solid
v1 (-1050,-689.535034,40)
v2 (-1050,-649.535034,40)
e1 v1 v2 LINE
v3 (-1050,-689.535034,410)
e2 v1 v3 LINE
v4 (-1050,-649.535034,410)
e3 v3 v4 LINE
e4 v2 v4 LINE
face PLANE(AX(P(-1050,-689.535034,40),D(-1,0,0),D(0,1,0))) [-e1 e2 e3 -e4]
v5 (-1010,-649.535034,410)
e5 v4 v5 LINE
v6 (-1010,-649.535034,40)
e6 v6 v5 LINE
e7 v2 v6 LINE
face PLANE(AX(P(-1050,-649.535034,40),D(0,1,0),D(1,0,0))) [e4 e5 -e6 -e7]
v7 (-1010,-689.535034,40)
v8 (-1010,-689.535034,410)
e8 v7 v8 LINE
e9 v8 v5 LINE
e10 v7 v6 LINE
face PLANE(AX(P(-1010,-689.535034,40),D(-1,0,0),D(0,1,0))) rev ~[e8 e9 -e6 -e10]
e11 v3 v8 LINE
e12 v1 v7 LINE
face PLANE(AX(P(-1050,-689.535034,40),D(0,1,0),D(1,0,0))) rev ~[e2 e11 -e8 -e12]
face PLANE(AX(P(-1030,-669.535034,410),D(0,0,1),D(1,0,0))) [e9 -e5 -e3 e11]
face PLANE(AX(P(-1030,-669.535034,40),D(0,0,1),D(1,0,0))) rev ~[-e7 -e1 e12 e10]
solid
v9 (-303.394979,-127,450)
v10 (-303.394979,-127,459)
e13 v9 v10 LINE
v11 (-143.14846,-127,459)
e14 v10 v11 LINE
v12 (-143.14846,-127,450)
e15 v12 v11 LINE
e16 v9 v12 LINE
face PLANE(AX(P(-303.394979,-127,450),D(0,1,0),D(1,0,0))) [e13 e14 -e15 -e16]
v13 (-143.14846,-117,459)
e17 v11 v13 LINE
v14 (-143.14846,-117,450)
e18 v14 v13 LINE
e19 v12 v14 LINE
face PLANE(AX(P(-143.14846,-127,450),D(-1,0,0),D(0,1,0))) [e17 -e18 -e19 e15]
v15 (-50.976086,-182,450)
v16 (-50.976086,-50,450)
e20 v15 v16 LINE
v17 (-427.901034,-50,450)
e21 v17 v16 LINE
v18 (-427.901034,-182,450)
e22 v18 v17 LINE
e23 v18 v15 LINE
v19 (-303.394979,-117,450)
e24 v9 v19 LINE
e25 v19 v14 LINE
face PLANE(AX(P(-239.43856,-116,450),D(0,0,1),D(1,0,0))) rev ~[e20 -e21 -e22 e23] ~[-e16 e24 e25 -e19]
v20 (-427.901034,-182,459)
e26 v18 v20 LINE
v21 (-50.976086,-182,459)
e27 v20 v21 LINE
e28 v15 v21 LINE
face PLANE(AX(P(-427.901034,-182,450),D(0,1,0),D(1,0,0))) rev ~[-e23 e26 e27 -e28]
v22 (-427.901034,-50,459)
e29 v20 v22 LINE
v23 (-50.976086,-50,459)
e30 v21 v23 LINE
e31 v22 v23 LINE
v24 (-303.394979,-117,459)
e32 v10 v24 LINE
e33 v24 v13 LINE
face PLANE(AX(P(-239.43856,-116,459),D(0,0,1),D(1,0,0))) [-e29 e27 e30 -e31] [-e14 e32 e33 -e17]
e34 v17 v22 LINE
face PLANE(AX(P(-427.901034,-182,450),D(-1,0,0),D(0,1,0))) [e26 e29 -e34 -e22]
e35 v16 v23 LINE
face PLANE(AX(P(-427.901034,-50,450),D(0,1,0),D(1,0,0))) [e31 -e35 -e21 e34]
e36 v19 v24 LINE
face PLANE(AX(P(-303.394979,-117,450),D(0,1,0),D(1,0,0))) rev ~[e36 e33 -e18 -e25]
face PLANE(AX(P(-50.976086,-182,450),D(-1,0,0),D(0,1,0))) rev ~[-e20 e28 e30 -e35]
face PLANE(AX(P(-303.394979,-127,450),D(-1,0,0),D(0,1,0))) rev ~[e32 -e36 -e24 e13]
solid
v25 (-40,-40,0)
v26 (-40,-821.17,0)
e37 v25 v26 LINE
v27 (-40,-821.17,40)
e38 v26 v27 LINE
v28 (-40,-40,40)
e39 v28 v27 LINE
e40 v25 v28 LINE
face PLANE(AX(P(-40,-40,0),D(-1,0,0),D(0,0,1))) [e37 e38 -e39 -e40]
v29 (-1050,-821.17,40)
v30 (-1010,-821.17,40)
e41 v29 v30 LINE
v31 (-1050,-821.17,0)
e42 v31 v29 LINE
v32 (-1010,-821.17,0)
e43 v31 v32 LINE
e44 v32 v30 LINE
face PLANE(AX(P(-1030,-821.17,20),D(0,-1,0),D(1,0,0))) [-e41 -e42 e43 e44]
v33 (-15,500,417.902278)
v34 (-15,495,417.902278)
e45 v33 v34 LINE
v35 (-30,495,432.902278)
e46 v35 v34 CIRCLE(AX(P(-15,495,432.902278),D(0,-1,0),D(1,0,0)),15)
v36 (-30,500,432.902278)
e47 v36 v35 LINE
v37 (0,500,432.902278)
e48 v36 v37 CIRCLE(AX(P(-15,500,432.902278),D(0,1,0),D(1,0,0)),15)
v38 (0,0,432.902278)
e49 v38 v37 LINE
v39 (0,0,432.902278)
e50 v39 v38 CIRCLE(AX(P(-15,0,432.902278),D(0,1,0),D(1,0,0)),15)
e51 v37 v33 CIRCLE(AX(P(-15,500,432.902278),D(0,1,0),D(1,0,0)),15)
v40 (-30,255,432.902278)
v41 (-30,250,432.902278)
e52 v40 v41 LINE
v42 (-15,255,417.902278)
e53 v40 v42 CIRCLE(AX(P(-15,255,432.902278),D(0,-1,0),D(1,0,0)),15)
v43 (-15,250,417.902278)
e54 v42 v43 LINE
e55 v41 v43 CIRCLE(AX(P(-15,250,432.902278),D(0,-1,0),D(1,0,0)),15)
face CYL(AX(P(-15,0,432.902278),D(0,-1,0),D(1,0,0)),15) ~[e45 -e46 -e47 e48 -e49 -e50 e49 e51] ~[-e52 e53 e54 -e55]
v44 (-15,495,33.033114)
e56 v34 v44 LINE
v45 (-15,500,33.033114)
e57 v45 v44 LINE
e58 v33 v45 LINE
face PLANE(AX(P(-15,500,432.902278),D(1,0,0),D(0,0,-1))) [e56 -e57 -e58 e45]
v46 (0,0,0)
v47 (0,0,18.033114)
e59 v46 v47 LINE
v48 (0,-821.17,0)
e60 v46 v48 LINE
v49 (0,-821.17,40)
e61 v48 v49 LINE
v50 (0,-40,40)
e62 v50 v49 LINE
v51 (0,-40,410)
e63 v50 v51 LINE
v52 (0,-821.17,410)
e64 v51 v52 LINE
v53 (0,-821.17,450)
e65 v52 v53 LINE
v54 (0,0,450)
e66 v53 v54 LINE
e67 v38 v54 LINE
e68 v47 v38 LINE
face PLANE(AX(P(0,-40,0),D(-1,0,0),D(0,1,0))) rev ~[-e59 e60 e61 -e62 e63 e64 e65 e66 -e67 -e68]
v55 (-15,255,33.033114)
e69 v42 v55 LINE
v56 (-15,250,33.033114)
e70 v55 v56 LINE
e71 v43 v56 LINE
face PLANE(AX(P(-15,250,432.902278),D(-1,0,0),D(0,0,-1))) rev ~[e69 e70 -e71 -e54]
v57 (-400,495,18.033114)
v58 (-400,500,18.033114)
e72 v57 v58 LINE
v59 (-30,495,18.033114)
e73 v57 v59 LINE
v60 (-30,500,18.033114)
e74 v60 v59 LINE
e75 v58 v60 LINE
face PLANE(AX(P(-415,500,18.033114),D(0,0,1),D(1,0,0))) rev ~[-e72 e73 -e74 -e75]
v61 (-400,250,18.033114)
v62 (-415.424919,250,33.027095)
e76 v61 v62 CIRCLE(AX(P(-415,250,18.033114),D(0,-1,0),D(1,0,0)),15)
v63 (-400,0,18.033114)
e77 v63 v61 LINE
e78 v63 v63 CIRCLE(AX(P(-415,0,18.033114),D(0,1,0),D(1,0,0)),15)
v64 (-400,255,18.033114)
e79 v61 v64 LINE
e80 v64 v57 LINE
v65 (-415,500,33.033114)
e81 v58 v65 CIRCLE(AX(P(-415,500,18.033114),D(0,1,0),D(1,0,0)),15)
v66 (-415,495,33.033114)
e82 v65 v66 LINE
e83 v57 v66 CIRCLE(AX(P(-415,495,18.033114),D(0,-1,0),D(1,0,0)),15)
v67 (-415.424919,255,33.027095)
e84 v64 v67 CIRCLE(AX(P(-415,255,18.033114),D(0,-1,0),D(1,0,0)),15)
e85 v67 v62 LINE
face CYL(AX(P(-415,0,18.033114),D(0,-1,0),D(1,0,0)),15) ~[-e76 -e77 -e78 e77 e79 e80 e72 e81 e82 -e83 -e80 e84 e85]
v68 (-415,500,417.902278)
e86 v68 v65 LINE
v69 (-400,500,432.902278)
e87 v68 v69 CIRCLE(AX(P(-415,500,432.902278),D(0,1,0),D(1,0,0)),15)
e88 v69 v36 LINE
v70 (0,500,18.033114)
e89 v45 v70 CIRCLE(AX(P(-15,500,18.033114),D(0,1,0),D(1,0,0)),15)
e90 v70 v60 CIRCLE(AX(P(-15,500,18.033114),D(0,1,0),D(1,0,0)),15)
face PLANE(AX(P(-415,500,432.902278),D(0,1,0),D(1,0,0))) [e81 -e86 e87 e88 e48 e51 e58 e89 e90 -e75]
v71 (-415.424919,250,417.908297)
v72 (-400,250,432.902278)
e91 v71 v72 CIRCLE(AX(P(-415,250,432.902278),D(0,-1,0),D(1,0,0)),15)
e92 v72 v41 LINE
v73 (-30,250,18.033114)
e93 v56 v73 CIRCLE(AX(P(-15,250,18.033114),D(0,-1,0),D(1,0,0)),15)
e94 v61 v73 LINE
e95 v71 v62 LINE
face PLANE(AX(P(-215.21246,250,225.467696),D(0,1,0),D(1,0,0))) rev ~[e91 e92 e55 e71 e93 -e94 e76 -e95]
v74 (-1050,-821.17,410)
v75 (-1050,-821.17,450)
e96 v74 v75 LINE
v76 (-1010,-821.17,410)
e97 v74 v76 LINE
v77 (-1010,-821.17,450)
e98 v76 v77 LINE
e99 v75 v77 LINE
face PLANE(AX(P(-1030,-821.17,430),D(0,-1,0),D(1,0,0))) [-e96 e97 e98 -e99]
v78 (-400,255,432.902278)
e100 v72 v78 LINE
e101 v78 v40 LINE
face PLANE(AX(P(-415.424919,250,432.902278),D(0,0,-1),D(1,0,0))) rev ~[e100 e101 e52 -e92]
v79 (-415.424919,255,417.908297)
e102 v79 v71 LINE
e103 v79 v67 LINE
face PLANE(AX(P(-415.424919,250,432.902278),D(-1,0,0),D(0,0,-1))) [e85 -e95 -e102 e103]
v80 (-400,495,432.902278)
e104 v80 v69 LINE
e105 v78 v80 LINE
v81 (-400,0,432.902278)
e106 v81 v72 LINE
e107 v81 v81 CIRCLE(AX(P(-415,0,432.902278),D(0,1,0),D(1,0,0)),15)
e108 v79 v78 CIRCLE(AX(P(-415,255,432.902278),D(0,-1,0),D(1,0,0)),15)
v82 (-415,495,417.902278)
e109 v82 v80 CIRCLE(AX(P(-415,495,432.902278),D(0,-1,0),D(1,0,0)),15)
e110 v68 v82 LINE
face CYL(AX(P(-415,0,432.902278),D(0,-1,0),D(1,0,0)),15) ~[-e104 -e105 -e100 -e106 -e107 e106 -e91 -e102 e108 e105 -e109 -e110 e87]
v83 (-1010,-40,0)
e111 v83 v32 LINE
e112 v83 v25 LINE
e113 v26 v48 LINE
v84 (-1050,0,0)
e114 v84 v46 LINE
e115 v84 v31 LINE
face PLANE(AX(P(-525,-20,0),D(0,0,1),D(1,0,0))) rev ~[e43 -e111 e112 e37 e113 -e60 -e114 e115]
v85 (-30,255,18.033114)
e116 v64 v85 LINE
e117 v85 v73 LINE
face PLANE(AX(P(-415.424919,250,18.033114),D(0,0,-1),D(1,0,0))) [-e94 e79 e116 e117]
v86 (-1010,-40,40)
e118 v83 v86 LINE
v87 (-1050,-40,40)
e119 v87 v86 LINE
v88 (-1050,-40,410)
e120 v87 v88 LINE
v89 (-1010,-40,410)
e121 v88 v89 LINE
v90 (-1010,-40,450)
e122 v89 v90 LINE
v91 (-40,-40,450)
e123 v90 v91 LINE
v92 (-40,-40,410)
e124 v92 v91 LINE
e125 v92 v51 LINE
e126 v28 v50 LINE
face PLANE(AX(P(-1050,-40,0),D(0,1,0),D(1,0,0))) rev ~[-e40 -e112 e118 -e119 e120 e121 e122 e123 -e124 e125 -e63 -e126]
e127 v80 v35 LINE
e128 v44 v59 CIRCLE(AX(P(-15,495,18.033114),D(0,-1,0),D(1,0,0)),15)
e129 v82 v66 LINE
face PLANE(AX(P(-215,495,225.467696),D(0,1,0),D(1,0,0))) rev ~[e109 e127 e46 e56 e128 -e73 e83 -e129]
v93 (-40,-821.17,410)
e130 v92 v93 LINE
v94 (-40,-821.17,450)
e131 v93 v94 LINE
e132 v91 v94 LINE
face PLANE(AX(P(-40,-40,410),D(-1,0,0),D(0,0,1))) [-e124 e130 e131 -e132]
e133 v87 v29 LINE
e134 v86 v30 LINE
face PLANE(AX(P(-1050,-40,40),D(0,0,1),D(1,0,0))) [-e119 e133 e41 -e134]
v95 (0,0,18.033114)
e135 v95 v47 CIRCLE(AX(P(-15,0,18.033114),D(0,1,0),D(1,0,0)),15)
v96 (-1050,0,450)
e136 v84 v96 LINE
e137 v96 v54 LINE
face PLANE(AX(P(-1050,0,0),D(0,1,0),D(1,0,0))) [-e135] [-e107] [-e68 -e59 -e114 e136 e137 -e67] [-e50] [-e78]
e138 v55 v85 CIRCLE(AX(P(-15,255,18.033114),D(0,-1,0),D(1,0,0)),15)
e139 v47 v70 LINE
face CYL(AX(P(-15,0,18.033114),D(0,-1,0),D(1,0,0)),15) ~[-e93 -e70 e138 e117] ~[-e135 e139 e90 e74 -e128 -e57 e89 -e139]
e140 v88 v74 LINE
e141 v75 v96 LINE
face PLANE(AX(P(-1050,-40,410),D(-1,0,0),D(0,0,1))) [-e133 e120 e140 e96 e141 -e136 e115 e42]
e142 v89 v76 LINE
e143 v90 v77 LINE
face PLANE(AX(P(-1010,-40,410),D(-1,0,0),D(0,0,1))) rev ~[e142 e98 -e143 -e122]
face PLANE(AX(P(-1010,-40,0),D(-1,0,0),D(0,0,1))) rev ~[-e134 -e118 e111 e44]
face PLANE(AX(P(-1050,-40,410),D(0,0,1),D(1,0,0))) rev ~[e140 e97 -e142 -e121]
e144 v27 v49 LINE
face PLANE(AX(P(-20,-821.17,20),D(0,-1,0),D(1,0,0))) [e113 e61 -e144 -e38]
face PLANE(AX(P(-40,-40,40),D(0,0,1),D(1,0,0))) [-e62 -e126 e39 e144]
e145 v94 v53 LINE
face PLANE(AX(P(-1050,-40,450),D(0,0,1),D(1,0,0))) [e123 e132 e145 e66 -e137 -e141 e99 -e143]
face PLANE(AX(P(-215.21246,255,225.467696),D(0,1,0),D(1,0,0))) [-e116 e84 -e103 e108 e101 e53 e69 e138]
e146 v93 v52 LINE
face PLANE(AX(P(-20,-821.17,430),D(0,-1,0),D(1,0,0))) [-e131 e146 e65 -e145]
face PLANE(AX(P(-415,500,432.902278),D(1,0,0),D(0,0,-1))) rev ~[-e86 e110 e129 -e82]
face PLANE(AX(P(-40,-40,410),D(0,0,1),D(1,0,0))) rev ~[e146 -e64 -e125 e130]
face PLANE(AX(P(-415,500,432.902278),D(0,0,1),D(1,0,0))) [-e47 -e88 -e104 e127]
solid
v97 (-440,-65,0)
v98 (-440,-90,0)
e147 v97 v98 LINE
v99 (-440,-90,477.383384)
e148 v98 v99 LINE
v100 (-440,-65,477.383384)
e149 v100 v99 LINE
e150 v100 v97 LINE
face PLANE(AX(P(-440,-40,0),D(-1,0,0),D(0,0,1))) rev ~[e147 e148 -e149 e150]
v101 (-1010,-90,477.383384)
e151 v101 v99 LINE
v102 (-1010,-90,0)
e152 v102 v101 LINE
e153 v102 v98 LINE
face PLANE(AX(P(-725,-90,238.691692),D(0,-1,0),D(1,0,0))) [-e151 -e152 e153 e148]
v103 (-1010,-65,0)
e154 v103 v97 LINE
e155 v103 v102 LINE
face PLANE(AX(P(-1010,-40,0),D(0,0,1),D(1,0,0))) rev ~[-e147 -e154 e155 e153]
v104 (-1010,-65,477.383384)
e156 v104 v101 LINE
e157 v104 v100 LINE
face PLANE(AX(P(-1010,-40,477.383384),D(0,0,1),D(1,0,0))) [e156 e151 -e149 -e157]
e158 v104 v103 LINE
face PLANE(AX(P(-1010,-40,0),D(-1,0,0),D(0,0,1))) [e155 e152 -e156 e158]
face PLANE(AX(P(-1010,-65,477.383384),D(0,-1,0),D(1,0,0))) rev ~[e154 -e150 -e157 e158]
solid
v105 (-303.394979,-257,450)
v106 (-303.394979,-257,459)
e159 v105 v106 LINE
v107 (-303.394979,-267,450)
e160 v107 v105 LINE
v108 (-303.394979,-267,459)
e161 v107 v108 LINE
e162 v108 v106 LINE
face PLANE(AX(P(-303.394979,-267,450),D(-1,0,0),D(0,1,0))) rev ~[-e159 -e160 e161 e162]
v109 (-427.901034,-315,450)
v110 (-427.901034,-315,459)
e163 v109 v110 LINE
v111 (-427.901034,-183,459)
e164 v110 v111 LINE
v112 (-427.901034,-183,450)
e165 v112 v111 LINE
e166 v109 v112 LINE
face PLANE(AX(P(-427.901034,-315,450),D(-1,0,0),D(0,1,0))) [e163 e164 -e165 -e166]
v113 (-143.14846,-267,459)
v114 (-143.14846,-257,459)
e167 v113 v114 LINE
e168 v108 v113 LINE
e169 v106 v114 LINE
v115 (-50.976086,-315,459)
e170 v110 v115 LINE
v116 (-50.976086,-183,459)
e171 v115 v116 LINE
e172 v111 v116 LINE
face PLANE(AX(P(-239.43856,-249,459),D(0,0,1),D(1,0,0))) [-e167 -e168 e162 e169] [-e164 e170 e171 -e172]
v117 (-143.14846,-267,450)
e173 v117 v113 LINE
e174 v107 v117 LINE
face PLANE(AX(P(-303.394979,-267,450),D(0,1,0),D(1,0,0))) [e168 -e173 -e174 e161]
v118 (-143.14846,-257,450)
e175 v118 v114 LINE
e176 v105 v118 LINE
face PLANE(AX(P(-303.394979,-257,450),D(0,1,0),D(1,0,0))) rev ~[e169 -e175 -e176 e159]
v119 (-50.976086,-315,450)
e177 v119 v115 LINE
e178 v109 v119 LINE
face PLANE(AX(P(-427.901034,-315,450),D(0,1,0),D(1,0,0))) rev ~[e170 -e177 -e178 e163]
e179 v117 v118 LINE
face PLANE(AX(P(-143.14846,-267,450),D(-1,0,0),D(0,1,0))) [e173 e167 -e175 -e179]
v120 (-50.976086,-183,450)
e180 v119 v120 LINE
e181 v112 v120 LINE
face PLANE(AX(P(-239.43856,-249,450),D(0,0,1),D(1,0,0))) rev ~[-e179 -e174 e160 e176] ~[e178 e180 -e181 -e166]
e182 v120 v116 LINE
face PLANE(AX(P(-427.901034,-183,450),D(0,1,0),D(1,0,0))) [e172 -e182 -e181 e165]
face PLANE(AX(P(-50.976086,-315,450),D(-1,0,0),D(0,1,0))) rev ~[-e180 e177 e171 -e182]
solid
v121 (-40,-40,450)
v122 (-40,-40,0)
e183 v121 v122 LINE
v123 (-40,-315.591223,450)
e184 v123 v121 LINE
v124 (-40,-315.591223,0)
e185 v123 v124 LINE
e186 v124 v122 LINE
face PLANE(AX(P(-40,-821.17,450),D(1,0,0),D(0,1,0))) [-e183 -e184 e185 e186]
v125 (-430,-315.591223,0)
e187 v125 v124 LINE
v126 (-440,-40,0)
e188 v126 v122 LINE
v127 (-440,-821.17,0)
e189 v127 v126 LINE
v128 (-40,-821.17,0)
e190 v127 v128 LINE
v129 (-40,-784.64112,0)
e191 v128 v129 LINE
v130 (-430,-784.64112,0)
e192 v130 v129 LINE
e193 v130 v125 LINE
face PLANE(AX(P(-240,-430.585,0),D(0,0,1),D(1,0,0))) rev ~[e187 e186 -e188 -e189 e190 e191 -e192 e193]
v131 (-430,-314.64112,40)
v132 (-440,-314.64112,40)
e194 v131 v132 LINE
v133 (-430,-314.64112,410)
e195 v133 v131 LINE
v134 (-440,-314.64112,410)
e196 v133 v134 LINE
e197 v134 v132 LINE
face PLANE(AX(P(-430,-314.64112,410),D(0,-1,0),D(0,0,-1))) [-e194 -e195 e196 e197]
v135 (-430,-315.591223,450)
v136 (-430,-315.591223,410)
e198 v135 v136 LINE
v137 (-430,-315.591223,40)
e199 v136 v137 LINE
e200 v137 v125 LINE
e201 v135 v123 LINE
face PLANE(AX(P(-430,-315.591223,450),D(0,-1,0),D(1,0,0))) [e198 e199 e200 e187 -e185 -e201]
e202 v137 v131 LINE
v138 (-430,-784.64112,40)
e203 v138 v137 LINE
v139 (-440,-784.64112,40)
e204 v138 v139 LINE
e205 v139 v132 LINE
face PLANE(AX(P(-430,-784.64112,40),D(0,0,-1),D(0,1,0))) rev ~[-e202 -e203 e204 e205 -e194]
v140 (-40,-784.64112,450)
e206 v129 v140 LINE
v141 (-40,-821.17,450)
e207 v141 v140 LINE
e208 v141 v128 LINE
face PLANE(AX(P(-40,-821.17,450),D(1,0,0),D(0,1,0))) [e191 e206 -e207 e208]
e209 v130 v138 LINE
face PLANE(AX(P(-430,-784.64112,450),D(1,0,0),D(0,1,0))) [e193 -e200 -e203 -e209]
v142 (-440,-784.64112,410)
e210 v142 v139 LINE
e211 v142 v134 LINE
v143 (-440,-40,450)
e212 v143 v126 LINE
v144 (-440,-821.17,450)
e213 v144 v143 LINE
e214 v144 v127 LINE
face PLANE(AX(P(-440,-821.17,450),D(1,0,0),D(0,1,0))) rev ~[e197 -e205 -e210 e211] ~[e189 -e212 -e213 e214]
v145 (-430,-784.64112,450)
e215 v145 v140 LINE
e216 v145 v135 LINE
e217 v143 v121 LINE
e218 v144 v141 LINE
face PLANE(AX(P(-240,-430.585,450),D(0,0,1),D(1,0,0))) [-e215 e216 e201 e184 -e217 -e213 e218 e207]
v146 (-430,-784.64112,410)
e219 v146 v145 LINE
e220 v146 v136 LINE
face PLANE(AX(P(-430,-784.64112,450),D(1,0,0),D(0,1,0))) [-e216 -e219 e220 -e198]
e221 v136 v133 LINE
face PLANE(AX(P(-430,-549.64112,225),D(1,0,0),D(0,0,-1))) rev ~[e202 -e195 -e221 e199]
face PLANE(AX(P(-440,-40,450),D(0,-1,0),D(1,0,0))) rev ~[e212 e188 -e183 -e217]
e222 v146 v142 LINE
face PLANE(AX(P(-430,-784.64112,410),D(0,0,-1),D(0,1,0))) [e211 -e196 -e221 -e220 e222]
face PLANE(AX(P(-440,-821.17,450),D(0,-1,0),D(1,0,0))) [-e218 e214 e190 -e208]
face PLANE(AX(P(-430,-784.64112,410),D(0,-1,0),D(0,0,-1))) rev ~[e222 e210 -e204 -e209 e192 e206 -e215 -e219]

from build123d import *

# Parameters (mm, degrees)
SKETCH1_W               = 1050
SKETCH1_H               = 40
BOSS_EXTRUDE1_DEPTH     = 450
SKETCH2_W               = 40
SKETCH2_H               = 40
BOSS_EXTRUDE2_DEPTH     = 781.17
SKETCH3_W               = 400
SKETCH3_H               = 781.17
BOSS_EXTRUDE3_DEPTH     = 450
SKETCH4_W               = 570
SKETCH4_H               = 477.383383723
BOSS_EXTRUDE4_DEPTH     = 50
SKETCH5_W               = 376.924947462
SKETCH5_H               = 132
SKETCH5_W_2             = 160.246518918
SKETCH5_H_2             = 10
BOSS_EXTRUDE5_DEPTH     = 9
BOSS_EXTRUDE5_2_DEPTH   = 9
BOSS_EXTRUDE5_3_DEPTH   = 9
SKETCH6_W               = 390
SKETCH6_H               = 469.049896927
CUT_EXTRUDE1_DEPTH      = 358
CUT_EXTRUDE1_DEPTH_BACK = 451
SKETCH7_W               = 370
SKETCH7_H               = 470
CUT_EXTRUDE2_DEPTH      = 10
SKETCH8_W               = 40
SKETCH8_H               = 40
BOSS_EXTRUDE6_DEPTH     = 370
SKETCH9_W               = 570
SKETCH9_H               = 25
CUT_EXTRUDE3_DEPTH      = 478.383383723
SKETCH10_R              = 15
BOSS_EXTRUDE7_DEPTH     = 500
SKETCH11_W              = 400
SKETCH11_H              = 414.869163102
BOSS_EXTRUDE8_DEPTH     = 5
SKETCH12_W              = 400.424919487
SKETCH12_H              = 414.869163102
BOSS_EXTRUDE9_DEPTH     = 5


with BuildPart() as part:
    # Sketch1 → Boss-Extrude1 (new body)
    with BuildSketch(Plane.XY):
        with Locations((-525, -20)):
            Rectangle(SKETCH1_W, SKETCH1_H)
    extrude(amount=BOSS_EXTRUDE1_DEPTH)

    # Sketch2 → Boss-Extrude2 (add)
    with BuildSketch(Plane.XZ.offset(40)):
        with Locations((-1030, 430)):
            Rectangle(SKETCH2_W, SKETCH2_H)
        with Locations((-1030, 20)):
            Rectangle(SKETCH2_W, SKETCH2_H)
        with Locations((-20, 20)):
            Rectangle(SKETCH2_W, SKETCH2_H)
        with Locations((-20, 430)):
            Rectangle(SKETCH2_W, SKETCH2_H)
    extrude(amount=BOSS_EXTRUDE2_DEPTH)

    # Sketch10 → Boss-Extrude7 (add)
    with BuildSketch(Plane(origin=(0, 0, 0), x_dir=(1, 0, 0), z_dir=(0, 1, 0))):
        with Locations((-15, -432.902277584)):
            Circle(SKETCH10_R)
        with Locations((-15, -18.033114482)):
            Circle(SKETCH10_R)
        with Locations((-415, -432.902277584)):
            Circle(SKETCH10_R)
        with Locations((-415, -18.033114482)):
            Circle(SKETCH10_R)
    extrude(amount=BOSS_EXTRUDE7_DEPTH)

    # Sketch11 → Boss-Extrude8 (add)
    with BuildSketch(Plane(origin=(0, 500, 0), x_dir=(1, 0, 0), z_dir=(0, 1, 0))):
        with Locations((-215, -225.467696033)):
            Rectangle(SKETCH11_W, SKETCH11_H)
    extrude(amount=-BOSS_EXTRUDE8_DEPTH)

    # Sketch12 → Boss-Extrude9 (add)
    with BuildSketch(Plane(origin=(0, 250, 0), x_dir=(1, 0, 0), z_dir=(0, 1, 0))):
        with Locations((-215.212459744, -225.467696033)):
            Rectangle(SKETCH12_W, SKETCH12_H)
    extrude(amount=BOSS_EXTRUDE9_DEPTH)


with BuildPart() as body_2:
    # Sketch3 → Boss-Extrude3 (new body)
    with BuildSketch(Plane.XY.offset(450)):
        with Locations((-240, -430.585)):
            Rectangle(SKETCH3_W, SKETCH3_H)
    extrude(amount=-BOSS_EXTRUDE3_DEPTH)


with BuildPart() as body_3:
    # Sketch4 → Boss-Extrude4 (new body)
    with BuildSketch(Plane.XZ.offset(40)):
        with Locations((-725, 238.691691862)):
            Rectangle(SKETCH4_W, SKETCH4_H)
    extrude(amount=BOSS_EXTRUDE4_DEPTH)

    # Sketch9 → Cut-Extrude3 (cut, through all)
    with BuildSketch(Plane.XY.offset(477.383383723)):
        with Locations((-725, -52.5)):
            Rectangle(SKETCH9_W, SKETCH9_H)
    extrude(amount=-CUT_EXTRUDE3_DEPTH, mode=Mode.SUBTRACT)


with BuildPart() as body_4:
    # Sketch5 → Boss-Extrude5 (new body)
    with BuildSketch(Plane.XY.offset(450)):
        with Locations((-239.438560154, -382)):
            Rectangle(SKETCH5_W, SKETCH5_H)
        with Locations((-223.271719618, -402)):
            Rectangle(SKETCH5_W_2, SKETCH5_H_2, mode=Mode.SUBTRACT)
    extrude(amount=BOSS_EXTRUDE5_DEPTH)


with BuildPart() as body_5:
    # Sketch5 → Boss-Extrude5 2 (new body)
    with BuildSketch(Plane.XY.offset(450)):
        with Locations((-239.438560154, -249)):
            Rectangle(SKETCH5_W, SKETCH5_H)
        with Locations((-223.271719618, -262)):
            Rectangle(SKETCH5_W_2, SKETCH5_H_2, mode=Mode.SUBTRACT)
    extrude(amount=BOSS_EXTRUDE5_2_DEPTH)


with BuildPart() as body_6:
    # Sketch5 → Boss-Extrude5 3 (new body)
    with BuildSketch(Plane.XY.offset(450)):
        with Locations((-239.438560154, -116)):
            Rectangle(SKETCH5_W, SKETCH5_H)
        with Locations((-223.271719618, -122)):
            Rectangle(SKETCH5_W_2, SKETCH5_H_2, mode=Mode.SUBTRACT)
    extrude(amount=BOSS_EXTRUDE5_3_DEPTH)


with BuildPart() as cut_extrude1_tool:
    # Sketch6 → Cut-Extrude1 (new body, two sides)
    with BuildSketch(Plane.XY.offset(450)) as cut_extrude1_sk:
        with Locations((-235, -550.116171594)):
            Rectangle(SKETCH6_W, SKETCH6_H)
    extrude(amount=CUT_EXTRUDE1_DEPTH)
    extrude(cut_extrude1_sk.sketch, amount=-CUT_EXTRUDE1_DEPTH_BACK)


with BuildPart() as body_2_1:
    add(body_2.part)

    # Cut-Extrude1: cut by cut_extrude1_tool
    add(cut_extrude1_tool.part, mode=Mode.SUBTRACT)

    # Sketch7 → Cut-Extrude2 (cut)
    with BuildSketch(Plane(origin=(-430, 0, 0), x_dir=(0, 0, -1), z_dir=(1, 0, 0))):
        with Locations((-225, -549.641120058)):
            Rectangle(SKETCH7_W, SKETCH7_H)
    extrude(amount=-CUT_EXTRUDE2_DEPTH, mode=Mode.SUBTRACT)


with BuildPart() as body_4_1:
    add(body_4.part)

    # Cut-Extrude1: cut by cut_extrude1_tool
    add(cut_extrude1_tool.part, mode=Mode.SUBTRACT)


with BuildPart() as body_6_2:
    # Sketch8 → Boss-Extrude6 (new body)
    with BuildSketch(Plane.XY.offset(40)):
        with Locations((-1030, -669.535034358)):
            Rectangle(SKETCH8_W, SKETCH8_H)
    extrude(amount=BOSS_EXTRUDE6_DEPTH)


solid = Compound([part.part, body_3.part, body_5.part, body_6.part, body_2_1.part, body_6_2.part])
